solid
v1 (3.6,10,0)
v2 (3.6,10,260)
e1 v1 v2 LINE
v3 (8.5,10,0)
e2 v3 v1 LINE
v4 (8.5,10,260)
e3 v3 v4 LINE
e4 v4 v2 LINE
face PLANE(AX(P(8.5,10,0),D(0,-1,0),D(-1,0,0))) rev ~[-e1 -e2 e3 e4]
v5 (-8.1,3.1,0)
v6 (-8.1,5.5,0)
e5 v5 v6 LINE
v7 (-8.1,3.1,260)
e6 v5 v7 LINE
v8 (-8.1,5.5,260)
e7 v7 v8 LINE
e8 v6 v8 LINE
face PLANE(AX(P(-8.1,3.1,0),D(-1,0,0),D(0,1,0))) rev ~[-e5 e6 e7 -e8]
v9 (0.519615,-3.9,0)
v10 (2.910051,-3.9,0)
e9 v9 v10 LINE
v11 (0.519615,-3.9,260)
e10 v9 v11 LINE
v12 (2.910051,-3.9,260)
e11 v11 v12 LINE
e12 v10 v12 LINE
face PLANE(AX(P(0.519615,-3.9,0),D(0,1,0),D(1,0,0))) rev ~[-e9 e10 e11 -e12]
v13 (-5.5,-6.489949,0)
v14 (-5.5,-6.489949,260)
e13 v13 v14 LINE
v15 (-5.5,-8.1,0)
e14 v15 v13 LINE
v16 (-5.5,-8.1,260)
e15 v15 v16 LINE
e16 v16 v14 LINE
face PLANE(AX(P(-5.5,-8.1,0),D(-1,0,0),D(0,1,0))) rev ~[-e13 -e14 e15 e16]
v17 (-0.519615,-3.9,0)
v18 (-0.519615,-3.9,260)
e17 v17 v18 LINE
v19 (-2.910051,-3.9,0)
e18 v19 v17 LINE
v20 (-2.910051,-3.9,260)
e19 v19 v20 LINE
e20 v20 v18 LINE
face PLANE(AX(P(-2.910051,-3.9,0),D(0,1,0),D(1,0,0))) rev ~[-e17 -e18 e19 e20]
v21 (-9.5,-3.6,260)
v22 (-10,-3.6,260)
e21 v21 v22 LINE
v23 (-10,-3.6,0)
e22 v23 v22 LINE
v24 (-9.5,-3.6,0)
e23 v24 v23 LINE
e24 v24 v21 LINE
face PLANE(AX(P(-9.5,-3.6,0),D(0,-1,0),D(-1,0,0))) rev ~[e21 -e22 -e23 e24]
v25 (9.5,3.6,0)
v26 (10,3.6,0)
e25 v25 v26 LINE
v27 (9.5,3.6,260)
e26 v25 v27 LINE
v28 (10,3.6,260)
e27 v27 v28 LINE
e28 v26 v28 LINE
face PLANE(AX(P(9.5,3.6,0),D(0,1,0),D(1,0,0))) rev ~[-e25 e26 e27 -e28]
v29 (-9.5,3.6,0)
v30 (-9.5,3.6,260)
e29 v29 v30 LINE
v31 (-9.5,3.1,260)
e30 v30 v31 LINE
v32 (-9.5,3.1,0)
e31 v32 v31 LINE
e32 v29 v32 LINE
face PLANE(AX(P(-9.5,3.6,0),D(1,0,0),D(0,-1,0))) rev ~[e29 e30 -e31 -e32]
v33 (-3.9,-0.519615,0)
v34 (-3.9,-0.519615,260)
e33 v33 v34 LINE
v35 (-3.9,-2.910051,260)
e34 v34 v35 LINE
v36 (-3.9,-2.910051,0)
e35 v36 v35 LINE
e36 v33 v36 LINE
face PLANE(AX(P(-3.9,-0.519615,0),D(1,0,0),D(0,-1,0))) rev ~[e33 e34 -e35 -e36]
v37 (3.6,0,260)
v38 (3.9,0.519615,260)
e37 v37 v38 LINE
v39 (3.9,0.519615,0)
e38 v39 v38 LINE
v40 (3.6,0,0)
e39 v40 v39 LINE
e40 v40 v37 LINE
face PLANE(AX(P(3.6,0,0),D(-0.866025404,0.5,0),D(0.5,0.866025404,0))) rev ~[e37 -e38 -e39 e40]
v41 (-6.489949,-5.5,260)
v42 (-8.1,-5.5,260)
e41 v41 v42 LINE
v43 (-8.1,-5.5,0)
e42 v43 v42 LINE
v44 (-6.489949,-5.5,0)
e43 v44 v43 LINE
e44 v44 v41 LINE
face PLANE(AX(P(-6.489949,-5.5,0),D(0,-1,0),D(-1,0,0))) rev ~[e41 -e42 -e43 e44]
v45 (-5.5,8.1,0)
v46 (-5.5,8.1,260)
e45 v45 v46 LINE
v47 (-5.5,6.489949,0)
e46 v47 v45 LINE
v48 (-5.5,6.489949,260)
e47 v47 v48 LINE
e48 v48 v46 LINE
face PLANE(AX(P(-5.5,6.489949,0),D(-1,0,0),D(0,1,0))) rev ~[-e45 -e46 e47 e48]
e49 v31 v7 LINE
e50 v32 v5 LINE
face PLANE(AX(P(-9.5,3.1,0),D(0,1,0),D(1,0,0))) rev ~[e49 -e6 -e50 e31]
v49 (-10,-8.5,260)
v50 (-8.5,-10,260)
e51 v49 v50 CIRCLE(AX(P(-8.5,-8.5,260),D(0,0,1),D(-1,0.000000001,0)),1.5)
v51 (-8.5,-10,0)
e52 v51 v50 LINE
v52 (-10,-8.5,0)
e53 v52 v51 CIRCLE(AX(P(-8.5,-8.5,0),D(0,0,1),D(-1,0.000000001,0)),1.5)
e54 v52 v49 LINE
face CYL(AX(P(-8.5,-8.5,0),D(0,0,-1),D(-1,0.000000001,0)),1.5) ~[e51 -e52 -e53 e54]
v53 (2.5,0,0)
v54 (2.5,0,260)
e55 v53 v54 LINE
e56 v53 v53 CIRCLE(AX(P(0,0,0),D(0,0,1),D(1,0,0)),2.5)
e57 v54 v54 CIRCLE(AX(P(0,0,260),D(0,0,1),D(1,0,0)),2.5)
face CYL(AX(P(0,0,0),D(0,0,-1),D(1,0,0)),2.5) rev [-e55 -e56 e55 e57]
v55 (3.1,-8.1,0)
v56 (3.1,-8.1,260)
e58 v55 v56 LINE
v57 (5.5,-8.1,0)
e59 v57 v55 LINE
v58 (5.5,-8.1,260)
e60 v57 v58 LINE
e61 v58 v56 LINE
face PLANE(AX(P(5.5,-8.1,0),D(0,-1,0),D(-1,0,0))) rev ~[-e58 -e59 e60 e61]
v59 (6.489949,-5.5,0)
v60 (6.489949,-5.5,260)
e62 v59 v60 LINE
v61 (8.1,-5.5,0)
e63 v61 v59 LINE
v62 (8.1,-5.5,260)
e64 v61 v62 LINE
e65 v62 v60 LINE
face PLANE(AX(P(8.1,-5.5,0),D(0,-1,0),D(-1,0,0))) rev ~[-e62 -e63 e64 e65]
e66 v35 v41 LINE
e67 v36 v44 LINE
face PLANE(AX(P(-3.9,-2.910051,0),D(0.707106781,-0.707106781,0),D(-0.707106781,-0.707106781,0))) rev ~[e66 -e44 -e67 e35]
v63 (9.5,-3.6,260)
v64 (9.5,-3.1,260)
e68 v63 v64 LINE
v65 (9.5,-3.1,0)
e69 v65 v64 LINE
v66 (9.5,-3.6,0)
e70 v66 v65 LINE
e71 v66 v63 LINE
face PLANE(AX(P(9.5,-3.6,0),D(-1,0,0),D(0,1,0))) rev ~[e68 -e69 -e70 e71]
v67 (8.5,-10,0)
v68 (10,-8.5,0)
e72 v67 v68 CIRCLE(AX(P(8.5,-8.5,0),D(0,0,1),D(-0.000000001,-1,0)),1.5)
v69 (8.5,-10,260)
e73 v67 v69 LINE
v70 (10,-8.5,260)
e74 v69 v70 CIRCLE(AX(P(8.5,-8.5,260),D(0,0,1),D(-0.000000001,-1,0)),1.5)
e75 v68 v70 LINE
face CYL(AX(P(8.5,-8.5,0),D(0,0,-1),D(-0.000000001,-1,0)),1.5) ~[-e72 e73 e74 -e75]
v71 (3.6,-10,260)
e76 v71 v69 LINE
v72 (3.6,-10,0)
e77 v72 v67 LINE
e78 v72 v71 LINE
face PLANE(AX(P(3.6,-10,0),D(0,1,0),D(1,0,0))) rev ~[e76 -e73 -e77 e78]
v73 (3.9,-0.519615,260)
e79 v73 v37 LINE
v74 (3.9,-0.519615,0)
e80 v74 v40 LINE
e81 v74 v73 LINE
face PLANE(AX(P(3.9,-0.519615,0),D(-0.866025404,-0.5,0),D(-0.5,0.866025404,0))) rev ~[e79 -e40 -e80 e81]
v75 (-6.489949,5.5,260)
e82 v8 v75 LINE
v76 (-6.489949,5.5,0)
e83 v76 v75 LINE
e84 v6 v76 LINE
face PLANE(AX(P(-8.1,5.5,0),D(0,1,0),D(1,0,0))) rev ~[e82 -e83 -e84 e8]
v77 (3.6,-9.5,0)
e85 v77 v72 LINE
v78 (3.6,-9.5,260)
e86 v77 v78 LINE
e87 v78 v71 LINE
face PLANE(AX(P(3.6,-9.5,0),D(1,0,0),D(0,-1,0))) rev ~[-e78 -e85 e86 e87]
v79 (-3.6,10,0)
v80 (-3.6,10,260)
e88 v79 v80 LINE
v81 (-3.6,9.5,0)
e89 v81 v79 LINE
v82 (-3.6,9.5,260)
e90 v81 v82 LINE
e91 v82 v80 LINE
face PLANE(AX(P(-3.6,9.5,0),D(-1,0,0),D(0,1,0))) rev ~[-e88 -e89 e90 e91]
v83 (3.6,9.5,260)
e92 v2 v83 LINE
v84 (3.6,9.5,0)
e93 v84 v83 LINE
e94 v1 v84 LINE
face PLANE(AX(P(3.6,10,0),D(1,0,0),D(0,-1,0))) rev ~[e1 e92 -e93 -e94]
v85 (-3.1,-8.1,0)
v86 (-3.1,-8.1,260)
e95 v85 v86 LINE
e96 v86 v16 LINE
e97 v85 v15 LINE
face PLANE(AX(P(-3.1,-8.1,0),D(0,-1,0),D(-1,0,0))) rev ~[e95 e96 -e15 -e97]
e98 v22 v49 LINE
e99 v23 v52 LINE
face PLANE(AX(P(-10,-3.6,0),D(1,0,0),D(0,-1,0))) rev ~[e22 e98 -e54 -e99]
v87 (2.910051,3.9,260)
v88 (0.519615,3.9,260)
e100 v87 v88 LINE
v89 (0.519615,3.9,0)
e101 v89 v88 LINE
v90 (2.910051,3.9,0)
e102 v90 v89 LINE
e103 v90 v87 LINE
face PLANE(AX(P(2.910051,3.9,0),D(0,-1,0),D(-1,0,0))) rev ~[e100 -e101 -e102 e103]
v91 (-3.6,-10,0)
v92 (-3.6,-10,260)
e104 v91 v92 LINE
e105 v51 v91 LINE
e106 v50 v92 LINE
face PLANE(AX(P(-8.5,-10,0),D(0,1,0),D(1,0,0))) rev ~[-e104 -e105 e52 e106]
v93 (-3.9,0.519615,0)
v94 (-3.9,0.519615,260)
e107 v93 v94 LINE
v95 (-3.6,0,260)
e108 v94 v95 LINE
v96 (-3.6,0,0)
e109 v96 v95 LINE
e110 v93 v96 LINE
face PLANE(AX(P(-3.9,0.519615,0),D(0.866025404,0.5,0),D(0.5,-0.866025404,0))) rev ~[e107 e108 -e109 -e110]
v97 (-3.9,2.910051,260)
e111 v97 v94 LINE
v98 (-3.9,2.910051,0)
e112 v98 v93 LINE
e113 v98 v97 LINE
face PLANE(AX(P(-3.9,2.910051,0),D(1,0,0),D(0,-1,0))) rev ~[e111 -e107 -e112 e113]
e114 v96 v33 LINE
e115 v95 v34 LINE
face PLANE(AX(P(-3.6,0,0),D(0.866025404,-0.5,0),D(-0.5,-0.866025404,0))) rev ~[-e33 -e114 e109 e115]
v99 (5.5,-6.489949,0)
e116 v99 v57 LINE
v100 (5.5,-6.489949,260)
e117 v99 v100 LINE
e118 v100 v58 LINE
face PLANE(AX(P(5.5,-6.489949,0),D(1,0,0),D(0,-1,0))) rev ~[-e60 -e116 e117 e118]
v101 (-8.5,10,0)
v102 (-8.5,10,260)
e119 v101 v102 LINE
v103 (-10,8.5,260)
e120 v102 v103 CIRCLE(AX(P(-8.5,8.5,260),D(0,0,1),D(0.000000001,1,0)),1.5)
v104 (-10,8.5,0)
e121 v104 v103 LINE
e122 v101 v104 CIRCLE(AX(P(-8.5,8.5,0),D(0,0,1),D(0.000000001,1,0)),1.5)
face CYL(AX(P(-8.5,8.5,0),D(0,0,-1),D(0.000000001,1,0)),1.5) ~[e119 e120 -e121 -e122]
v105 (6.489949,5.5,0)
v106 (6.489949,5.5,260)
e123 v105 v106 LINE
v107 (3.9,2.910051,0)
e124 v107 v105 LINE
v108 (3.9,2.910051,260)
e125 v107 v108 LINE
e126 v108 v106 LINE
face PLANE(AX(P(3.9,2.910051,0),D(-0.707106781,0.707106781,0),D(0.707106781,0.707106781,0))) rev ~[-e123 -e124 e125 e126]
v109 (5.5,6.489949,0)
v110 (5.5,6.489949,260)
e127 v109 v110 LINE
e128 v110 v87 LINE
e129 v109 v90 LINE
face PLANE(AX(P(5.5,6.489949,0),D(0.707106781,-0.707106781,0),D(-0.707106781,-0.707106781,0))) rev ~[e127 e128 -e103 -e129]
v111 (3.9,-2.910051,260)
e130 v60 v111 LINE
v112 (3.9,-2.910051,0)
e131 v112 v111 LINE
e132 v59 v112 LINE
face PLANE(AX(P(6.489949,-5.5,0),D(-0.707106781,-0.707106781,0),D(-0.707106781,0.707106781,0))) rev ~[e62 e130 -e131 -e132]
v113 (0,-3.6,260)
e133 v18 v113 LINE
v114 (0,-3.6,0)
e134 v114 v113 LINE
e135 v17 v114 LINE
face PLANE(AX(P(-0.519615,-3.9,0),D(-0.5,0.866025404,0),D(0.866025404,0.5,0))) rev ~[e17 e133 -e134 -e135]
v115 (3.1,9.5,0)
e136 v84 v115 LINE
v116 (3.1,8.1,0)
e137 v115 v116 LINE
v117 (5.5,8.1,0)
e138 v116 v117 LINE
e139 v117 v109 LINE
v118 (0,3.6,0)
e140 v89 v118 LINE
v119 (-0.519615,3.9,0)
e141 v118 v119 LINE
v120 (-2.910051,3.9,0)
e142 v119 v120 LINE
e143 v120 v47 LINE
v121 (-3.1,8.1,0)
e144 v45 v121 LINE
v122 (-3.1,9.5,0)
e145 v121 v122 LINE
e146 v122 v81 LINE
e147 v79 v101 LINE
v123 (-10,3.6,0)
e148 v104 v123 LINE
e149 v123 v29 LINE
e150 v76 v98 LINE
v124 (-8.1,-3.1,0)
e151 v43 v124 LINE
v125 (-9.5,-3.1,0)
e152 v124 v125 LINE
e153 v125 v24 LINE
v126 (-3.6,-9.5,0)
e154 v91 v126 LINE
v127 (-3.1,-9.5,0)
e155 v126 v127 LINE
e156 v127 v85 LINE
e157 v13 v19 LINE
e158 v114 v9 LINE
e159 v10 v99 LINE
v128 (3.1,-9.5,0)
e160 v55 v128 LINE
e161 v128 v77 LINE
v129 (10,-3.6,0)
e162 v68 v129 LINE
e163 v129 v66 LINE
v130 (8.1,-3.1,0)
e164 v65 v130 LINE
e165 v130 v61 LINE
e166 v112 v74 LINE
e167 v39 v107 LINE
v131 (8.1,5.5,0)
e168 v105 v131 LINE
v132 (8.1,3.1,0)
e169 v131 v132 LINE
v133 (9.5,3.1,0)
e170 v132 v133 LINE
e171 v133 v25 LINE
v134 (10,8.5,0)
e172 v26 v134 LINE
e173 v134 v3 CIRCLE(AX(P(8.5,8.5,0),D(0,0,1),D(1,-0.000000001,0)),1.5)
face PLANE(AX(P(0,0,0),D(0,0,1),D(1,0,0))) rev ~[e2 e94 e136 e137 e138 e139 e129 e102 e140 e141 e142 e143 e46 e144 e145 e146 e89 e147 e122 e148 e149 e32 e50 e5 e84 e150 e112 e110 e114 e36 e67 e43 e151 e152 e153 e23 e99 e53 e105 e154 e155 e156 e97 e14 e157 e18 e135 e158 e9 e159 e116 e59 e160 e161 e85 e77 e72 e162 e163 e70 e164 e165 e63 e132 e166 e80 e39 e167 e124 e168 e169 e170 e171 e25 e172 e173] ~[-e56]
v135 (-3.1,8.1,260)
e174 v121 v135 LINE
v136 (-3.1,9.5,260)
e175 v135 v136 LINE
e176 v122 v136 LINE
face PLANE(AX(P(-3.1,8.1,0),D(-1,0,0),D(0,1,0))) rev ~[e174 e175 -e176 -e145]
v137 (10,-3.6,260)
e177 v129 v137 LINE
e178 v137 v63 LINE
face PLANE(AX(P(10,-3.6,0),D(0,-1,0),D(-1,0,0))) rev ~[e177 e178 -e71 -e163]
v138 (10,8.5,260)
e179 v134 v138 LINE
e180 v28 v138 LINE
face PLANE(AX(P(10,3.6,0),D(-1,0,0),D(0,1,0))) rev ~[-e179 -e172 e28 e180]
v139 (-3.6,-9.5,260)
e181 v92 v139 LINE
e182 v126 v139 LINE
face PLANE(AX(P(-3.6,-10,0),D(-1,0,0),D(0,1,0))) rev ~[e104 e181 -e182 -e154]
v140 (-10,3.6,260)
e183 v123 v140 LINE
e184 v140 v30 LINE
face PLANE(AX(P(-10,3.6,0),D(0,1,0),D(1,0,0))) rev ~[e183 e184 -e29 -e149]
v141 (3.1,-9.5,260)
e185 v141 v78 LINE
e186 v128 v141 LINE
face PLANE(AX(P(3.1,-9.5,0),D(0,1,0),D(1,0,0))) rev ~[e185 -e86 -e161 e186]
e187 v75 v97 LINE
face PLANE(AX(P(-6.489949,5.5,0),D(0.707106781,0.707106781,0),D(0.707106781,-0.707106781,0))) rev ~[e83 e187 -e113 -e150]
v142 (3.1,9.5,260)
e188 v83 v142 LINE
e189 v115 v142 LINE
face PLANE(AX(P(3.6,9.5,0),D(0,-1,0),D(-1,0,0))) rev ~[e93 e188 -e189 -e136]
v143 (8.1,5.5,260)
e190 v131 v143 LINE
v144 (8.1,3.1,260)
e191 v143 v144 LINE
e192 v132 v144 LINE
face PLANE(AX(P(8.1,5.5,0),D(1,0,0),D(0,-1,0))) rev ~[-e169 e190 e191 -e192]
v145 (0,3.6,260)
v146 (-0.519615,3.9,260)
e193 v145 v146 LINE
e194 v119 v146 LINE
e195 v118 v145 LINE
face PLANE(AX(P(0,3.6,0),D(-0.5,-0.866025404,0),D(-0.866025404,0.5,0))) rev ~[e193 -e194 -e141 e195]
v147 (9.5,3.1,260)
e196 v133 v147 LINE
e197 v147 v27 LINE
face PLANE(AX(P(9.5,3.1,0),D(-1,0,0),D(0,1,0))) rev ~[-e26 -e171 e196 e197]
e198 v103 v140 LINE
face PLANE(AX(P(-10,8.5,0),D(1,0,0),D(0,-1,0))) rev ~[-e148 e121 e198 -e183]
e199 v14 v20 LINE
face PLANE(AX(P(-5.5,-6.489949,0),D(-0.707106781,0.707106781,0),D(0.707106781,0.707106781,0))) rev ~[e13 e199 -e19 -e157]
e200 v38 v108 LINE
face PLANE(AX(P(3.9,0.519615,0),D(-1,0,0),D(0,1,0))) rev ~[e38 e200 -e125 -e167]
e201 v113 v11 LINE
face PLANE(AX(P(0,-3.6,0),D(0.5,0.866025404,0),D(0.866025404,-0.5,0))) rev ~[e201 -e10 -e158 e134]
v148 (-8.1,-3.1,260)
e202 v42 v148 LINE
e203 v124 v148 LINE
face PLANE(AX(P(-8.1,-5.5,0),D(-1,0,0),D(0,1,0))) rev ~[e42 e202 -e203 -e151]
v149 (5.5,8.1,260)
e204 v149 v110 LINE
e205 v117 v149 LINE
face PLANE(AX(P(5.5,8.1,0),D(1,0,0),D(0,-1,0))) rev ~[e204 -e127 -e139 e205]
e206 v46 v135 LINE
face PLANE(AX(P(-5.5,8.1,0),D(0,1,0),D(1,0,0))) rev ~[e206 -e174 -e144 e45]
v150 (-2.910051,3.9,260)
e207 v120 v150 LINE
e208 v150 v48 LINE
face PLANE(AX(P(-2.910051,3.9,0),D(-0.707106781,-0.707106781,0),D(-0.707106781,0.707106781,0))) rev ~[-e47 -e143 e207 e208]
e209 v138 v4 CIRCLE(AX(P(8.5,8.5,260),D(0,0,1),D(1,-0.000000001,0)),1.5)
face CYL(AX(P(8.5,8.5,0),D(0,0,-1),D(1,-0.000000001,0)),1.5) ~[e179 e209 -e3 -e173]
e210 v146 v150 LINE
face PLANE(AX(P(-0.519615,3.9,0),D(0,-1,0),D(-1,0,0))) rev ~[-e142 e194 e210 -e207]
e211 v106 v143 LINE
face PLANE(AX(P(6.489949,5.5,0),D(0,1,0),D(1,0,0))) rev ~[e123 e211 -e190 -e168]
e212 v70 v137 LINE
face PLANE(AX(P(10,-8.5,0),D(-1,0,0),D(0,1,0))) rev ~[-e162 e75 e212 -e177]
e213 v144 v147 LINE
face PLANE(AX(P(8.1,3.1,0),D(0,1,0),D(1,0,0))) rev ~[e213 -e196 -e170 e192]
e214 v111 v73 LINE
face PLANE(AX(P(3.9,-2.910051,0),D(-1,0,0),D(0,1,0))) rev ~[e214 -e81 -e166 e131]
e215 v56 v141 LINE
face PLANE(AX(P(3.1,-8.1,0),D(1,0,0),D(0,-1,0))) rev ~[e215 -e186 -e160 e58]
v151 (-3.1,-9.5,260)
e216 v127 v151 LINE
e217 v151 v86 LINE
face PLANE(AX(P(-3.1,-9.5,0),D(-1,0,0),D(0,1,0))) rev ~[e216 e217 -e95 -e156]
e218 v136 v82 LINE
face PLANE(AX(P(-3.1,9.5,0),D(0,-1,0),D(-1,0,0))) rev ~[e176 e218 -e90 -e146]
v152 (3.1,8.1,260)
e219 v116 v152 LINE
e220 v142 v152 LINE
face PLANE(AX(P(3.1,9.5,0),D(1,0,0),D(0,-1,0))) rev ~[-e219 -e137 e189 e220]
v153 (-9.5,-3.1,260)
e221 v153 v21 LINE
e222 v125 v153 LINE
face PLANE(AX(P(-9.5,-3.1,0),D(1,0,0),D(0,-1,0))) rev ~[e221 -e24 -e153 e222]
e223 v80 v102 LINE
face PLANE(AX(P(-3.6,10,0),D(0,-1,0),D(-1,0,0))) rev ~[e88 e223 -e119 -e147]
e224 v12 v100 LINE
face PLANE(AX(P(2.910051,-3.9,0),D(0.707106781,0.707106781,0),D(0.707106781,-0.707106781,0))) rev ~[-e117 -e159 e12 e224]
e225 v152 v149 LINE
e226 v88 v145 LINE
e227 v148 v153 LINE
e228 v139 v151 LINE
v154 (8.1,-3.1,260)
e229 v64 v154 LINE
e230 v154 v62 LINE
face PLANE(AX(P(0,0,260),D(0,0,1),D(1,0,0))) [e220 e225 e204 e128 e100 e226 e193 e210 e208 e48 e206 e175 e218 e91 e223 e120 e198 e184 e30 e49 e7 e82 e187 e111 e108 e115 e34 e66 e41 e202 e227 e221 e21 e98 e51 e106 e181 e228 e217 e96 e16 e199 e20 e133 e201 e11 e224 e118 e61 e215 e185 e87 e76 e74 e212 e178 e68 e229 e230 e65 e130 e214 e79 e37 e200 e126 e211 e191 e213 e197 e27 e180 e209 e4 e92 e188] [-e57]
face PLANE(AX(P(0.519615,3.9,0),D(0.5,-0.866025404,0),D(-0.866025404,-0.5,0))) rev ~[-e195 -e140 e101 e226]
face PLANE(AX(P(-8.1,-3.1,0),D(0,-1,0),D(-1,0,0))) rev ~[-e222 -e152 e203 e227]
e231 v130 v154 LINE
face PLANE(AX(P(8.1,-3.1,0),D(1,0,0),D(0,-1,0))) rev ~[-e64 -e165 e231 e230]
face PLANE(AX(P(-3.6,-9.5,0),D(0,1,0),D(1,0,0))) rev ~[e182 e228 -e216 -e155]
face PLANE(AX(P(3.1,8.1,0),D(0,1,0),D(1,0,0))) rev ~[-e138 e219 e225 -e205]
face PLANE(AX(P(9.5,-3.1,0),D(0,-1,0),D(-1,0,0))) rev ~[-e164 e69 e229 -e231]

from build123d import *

# Parameters (mm, degrees)
SKETCH_28_R     = 2.5
EXTRUDE_1_DEPTH = 260


with BuildPart() as part:
    # 草图28 → 凸台-拉伸1 (new body)
    with BuildSketch(Plane.XY):
        with BuildLine():
            Line((-3.9, -0.519615242), (-3.9, -2.910050506))
            Line((-3.9, -2.910050506), (-6.489949494, -5.5))
            Line((-6.489949494, -5.5), (-8.1, -5.5))
            Line((-8.1, -5.5), (-8.1, -3.1))
            Line((-8.1, -3.1), (-9.5, -3.1))
            Line((-9.5, -3.1), (-9.5, -3.6))
            Line((-9.5, -3.6), (-10, -3.6))
            Line((-10, -3.6), (-10, -8.5))
            ThreePointArc((-10, -8.5), (-9.560660172, -9.560660172), (-8.5, -10))
            Line((-8.5, -10), (-3.6, -10))
            Line((-3.6, -10), (-3.6, -9.5))
            Line((-3.6, -9.5), (-3.1, -9.5))
            Line((-3.1, -9.5), (-3.1, -8.1))
            Line((-3.1, -8.1), (-5.5, -8.1))
            Line((-5.5, -8.1), (-5.5, -6.489949494))
            Line((-5.5, -6.489949494), (-2.910050506, -3.9))
            Line((-2.910050506, -3.9), (-0.519615242, -3.9))
            Line((-0.519615242, -3.9), (0, -3.6))
            Line((0, -3.6), (0.519615242, -3.9))
            Line((0.519615242, -3.9), (2.910050506, -3.9))
            Line((2.910050506, -3.9), (5.5, -6.489949494))
            Line((5.5, -6.489949494), (5.5, -8.1))
            Line((5.5, -8.1), (3.1, -8.1))
            Line((3.1, -8.1), (3.1, -9.5))
            Line((3.1, -9.5), (3.6, -9.5))
            Line((3.6, -9.5), (3.6, -10))
            Line((3.6, -10), (8.5, -10))
            ThreePointArc((8.5, -10), (9.560660172, -9.560660172), (10, -8.5))
            Line((10, -8.5), (10, -3.6))
            Line((10, -3.6), (9.5, -3.6))
            Line((9.5, -3.6), (9.5, -3.1))
            Line((9.5, -3.1), (8.1, -3.1))
            Line((8.1, -3.1), (8.1, -5.5))
            Line((8.1, -5.5), (6.489949494, -5.5))
            Line((6.489949494, -5.5), (3.9, -2.910050506))
            Line((3.9, -2.910050506), (3.9, -0.519615242))
            Line((3.9, -0.519615242), (3.6, 0))
            Line((3.6, 0), (3.9, 0.519615242))
            Line((3.9, 0.519615242), (3.9, 2.910050506))
            Line((3.9, 2.910050506), (6.489949494, 5.5))
            Line((6.489949494, 5.5), (8.1, 5.5))
            Line((8.1, 5.5), (8.1, 3.1))
            Line((8.1, 3.1), (9.5, 3.1))
            Line((9.5, 3.1), (9.5, 3.6))
            Line((9.5, 3.6), (10, 3.6))
            Line((10, 3.6), (10, 8.5))
            ThreePointArc((10, 8.5), (9.560660172, 9.560660172), (8.5, 10))
            Line((8.5, 10), (3.6, 10))
            Line((3.6, 10), (3.6, 9.5))
            Line((3.6, 9.5), (3.1, 9.5))
            Line((3.1, 9.5), (3.1, 8.1))
            Line((3.1, 8.1), (5.5, 8.1))
            Line((5.5, 8.1), (5.5, 6.489949494))
            Line((5.5, 6.489949494), (2.910050506, 3.9))
            Line((2.910050506, 3.9), (0.519615242, 3.9))
            Line((0.519615242, 3.9), (0, 3.6))
            Line((0, 3.6), (-0.519615242, 3.9))
            Line((-0.519615242, 3.9), (-2.910050506, 3.9))
            Line((-2.910050506, 3.9), (-5.5, 6.489949494))
            Line((-5.5, 6.489949494), (-5.5, 8.1))
            Line((-5.5, 8.1), (-3.1, 8.1))
            Line((-3.1, 8.1), (-3.1, 9.5))
            Line((-3.1, 9.5), (-3.6, 9.5))
            Line((-3.6, 9.5), (-3.6, 10))
            Line((-3.6, 10), (-8.5, 10))
            ThreePointArc((-8.5, 10), (-9.560660172, 9.560660172), (-10, 8.5))
            Line((-10, 8.5), (-10, 3.6))
            Line((-10, 3.6), (-9.5, 3.6))
            Line((-9.5, 3.6), (-9.5, 3.1))
            Line((-9.5, 3.1), (-8.1, 3.1))
            Line((-8.1, 3.1), (-8.1, 5.5))
            Line((-8.1, 5.5), (-6.489949494, 5.5))
            Line((-6.489949494, 5.5), (-3.9, 2.910050506))
            Line((-3.9, 2.910050506), (-3.9, 0.519615242))
            Line((-3.9, 0.519615242), (-3.6, 0))
            Line((-3.6, 0), (-3.9, -0.519615242))
        make_face()
        Circle(SKETCH_28_R, mode=Mode.SUBTRACT)
    extrude(amount=EXTRUDE_1_DEPTH)


solid = part.part
